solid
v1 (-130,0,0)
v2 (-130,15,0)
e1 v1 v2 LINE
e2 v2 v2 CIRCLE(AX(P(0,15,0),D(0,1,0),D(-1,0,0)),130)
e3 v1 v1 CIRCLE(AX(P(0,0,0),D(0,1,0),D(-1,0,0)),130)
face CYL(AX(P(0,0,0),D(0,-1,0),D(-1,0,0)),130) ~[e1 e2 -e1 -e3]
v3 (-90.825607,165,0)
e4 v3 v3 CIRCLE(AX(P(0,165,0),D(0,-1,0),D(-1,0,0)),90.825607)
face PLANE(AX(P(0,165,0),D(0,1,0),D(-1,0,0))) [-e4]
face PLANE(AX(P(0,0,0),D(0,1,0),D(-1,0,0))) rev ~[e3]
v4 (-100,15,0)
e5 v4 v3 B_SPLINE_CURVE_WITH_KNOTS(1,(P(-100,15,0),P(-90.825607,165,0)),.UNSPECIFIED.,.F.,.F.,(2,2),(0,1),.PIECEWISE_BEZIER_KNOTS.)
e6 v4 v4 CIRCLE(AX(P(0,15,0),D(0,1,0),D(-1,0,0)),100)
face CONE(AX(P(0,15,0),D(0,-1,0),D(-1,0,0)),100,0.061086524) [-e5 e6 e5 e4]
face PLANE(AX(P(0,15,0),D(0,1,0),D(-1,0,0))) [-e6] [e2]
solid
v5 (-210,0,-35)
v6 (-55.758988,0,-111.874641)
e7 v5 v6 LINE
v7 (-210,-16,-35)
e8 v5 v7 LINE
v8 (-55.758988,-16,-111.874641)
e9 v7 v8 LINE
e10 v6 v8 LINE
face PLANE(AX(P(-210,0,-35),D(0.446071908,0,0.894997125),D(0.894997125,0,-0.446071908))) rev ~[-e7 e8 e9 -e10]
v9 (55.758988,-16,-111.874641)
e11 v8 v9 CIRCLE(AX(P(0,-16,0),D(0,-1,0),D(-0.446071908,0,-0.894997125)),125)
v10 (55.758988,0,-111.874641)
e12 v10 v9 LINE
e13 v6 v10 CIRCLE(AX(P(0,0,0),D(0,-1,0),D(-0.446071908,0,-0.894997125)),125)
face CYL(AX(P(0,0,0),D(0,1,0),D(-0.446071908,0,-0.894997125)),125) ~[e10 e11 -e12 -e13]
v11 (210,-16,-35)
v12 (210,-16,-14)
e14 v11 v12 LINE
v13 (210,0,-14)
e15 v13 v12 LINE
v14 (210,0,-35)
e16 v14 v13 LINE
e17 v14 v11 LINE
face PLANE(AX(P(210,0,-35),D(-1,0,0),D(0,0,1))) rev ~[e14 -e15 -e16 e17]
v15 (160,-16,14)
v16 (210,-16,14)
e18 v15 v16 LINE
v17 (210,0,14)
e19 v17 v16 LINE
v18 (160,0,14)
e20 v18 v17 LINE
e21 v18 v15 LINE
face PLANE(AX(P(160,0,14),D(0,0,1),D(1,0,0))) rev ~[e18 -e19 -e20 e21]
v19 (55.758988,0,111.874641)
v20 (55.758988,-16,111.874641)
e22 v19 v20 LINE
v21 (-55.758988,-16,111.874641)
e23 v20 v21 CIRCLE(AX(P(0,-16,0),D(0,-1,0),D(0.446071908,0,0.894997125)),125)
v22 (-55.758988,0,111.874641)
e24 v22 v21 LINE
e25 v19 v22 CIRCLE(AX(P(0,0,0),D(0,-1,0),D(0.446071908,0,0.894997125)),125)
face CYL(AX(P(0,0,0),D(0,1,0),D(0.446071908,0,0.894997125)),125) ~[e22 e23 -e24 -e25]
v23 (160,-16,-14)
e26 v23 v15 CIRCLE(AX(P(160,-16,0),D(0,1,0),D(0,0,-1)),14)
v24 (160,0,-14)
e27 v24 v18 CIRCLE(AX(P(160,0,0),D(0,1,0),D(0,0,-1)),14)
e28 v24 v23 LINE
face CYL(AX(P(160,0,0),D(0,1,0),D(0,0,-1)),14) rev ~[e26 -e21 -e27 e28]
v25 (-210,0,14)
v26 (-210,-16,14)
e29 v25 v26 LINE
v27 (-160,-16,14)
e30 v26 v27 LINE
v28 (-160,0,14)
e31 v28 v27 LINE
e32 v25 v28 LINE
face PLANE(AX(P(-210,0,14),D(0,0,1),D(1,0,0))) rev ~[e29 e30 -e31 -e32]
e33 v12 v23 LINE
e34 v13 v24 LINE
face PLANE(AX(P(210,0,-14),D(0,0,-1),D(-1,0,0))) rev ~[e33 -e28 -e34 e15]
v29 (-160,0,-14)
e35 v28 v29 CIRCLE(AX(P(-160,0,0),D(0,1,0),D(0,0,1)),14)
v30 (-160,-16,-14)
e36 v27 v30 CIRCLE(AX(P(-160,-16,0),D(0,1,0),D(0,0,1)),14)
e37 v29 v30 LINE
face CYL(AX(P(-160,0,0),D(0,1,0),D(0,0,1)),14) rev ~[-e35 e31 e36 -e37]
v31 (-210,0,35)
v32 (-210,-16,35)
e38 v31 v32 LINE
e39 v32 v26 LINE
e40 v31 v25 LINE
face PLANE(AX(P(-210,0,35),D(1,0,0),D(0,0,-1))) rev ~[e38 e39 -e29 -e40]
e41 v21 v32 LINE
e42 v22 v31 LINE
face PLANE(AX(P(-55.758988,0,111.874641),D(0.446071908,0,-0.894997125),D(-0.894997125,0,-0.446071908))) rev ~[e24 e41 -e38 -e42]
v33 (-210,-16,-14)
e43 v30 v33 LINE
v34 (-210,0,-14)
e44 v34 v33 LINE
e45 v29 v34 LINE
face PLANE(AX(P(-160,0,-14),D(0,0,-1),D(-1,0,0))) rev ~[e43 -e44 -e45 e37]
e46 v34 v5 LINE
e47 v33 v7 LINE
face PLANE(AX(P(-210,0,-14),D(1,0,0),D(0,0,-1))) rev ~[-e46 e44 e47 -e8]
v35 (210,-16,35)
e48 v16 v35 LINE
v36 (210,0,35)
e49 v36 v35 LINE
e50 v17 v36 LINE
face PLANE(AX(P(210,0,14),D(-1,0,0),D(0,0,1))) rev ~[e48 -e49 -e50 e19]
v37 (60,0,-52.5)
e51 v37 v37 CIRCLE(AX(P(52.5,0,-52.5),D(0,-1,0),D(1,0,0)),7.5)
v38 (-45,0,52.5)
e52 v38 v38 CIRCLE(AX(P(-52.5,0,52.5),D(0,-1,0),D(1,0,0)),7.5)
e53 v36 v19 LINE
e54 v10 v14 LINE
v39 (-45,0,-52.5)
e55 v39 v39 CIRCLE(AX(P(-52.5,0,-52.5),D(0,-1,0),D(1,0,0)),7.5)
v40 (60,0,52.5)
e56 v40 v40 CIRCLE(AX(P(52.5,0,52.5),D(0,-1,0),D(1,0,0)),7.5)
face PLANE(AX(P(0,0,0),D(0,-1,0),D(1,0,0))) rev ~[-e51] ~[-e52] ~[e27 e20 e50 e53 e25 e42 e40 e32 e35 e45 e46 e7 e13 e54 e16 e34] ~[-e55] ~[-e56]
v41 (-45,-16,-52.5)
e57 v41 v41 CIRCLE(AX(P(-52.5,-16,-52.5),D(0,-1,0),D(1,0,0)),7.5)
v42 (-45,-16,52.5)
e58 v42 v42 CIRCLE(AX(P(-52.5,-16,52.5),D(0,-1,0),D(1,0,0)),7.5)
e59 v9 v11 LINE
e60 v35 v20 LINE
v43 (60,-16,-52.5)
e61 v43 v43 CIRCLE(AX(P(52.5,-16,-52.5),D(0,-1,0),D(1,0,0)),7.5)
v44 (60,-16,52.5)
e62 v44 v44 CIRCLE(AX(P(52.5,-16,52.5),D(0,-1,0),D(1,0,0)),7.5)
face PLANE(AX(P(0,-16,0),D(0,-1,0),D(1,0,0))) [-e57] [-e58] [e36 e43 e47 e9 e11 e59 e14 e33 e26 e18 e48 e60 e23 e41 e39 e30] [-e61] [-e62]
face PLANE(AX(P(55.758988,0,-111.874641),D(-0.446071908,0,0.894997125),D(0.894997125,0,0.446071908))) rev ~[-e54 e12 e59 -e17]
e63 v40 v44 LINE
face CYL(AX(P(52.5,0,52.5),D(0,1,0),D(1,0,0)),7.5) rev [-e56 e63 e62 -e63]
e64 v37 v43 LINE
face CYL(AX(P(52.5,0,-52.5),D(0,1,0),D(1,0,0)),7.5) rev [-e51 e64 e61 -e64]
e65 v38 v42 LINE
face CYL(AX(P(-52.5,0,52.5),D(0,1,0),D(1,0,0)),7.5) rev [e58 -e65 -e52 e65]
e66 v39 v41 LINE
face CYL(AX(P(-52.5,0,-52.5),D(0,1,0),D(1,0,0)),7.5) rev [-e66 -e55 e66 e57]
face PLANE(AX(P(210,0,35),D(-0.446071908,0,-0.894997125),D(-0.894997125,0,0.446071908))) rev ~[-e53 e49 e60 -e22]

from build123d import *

# Parameters (mm, degrees)
F0_R     = 7.5
F1_DEPTH = 16
F2_R     = 130
F3_DEPTH = 15
F4_R     = 100
F5_DEPTH = 150
F5_TAPER = 3.5


with BuildPart() as f1:
    # F0 (on Front) → F1 (new body)
    with BuildSketch(Plane.XZ):
        with BuildLine():
            Line((-210, -35), (-55.7589884753, -111.8746405769))
            ThreePointArc((-55.7589884753, -111.8746405769), (0, -125), (55.7589884753, -111.8746405769))
            Line((55.7589884753, -111.8746405769), (210, -35))
            Line((210, -35), (210, -14))
            Line((210, -14), (160, -14))
            ThreePointArc((160, -14), (146, 0), (160, 14))
            Line((160, 14), (210, 14))
            Line((210, 14), (210, 35))
            Line((210, 35), (55.7589884753, 111.8746405769))
            ThreePointArc((55.7589884753, 111.8746405769), (0, 125), (-55.7589884753, 111.8746405769))
            Line((-55.7589884753, 111.8746405769), (-210, 35))
            Line((-210, 35), (-210, 14))
            Line((-210, 14), (-160, 14))
            ThreePointArc((-160, 14), (-146, 0), (-160, -14))
            Line((-160, -14), (-210, -14))
            Line((-210, -14), (-210, -35))
        make_face()
        with Locations((-52.5, -52.5)):
            Circle(F0_R, mode=Mode.SUBTRACT)
        with Locations((52.5, -52.5)):
            Circle(F0_R, mode=Mode.SUBTRACT)
        with Locations((-52.5, 52.5)):
            Circle(F0_R, mode=Mode.SUBTRACT)
        with Locations((52.5, 52.5)):
            Circle(F0_R, mode=Mode.SUBTRACT)
    extrude(amount=F1_DEPTH)


with BuildPart() as f3:
    # F2 (on face) → F3 (new body)
    with BuildSketch(Plane(origin=(0, 0, 0), x_dir=(-1, 0, 0), z_dir=(0, 1, 0))):
        Circle(F2_R)
    extrude(amount=F3_DEPTH)

    # F4 (on face) → F5 (join)
    with BuildSketch(Plane(origin=(0, 15, 0), x_dir=(-1, 0, 0), z_dir=(0, 1, 0))):
        Circle(F4_R)
    extrude(amount=F5_DEPTH, taper=F5_TAPER)


solid = Compound([f1.part, f3.part])
